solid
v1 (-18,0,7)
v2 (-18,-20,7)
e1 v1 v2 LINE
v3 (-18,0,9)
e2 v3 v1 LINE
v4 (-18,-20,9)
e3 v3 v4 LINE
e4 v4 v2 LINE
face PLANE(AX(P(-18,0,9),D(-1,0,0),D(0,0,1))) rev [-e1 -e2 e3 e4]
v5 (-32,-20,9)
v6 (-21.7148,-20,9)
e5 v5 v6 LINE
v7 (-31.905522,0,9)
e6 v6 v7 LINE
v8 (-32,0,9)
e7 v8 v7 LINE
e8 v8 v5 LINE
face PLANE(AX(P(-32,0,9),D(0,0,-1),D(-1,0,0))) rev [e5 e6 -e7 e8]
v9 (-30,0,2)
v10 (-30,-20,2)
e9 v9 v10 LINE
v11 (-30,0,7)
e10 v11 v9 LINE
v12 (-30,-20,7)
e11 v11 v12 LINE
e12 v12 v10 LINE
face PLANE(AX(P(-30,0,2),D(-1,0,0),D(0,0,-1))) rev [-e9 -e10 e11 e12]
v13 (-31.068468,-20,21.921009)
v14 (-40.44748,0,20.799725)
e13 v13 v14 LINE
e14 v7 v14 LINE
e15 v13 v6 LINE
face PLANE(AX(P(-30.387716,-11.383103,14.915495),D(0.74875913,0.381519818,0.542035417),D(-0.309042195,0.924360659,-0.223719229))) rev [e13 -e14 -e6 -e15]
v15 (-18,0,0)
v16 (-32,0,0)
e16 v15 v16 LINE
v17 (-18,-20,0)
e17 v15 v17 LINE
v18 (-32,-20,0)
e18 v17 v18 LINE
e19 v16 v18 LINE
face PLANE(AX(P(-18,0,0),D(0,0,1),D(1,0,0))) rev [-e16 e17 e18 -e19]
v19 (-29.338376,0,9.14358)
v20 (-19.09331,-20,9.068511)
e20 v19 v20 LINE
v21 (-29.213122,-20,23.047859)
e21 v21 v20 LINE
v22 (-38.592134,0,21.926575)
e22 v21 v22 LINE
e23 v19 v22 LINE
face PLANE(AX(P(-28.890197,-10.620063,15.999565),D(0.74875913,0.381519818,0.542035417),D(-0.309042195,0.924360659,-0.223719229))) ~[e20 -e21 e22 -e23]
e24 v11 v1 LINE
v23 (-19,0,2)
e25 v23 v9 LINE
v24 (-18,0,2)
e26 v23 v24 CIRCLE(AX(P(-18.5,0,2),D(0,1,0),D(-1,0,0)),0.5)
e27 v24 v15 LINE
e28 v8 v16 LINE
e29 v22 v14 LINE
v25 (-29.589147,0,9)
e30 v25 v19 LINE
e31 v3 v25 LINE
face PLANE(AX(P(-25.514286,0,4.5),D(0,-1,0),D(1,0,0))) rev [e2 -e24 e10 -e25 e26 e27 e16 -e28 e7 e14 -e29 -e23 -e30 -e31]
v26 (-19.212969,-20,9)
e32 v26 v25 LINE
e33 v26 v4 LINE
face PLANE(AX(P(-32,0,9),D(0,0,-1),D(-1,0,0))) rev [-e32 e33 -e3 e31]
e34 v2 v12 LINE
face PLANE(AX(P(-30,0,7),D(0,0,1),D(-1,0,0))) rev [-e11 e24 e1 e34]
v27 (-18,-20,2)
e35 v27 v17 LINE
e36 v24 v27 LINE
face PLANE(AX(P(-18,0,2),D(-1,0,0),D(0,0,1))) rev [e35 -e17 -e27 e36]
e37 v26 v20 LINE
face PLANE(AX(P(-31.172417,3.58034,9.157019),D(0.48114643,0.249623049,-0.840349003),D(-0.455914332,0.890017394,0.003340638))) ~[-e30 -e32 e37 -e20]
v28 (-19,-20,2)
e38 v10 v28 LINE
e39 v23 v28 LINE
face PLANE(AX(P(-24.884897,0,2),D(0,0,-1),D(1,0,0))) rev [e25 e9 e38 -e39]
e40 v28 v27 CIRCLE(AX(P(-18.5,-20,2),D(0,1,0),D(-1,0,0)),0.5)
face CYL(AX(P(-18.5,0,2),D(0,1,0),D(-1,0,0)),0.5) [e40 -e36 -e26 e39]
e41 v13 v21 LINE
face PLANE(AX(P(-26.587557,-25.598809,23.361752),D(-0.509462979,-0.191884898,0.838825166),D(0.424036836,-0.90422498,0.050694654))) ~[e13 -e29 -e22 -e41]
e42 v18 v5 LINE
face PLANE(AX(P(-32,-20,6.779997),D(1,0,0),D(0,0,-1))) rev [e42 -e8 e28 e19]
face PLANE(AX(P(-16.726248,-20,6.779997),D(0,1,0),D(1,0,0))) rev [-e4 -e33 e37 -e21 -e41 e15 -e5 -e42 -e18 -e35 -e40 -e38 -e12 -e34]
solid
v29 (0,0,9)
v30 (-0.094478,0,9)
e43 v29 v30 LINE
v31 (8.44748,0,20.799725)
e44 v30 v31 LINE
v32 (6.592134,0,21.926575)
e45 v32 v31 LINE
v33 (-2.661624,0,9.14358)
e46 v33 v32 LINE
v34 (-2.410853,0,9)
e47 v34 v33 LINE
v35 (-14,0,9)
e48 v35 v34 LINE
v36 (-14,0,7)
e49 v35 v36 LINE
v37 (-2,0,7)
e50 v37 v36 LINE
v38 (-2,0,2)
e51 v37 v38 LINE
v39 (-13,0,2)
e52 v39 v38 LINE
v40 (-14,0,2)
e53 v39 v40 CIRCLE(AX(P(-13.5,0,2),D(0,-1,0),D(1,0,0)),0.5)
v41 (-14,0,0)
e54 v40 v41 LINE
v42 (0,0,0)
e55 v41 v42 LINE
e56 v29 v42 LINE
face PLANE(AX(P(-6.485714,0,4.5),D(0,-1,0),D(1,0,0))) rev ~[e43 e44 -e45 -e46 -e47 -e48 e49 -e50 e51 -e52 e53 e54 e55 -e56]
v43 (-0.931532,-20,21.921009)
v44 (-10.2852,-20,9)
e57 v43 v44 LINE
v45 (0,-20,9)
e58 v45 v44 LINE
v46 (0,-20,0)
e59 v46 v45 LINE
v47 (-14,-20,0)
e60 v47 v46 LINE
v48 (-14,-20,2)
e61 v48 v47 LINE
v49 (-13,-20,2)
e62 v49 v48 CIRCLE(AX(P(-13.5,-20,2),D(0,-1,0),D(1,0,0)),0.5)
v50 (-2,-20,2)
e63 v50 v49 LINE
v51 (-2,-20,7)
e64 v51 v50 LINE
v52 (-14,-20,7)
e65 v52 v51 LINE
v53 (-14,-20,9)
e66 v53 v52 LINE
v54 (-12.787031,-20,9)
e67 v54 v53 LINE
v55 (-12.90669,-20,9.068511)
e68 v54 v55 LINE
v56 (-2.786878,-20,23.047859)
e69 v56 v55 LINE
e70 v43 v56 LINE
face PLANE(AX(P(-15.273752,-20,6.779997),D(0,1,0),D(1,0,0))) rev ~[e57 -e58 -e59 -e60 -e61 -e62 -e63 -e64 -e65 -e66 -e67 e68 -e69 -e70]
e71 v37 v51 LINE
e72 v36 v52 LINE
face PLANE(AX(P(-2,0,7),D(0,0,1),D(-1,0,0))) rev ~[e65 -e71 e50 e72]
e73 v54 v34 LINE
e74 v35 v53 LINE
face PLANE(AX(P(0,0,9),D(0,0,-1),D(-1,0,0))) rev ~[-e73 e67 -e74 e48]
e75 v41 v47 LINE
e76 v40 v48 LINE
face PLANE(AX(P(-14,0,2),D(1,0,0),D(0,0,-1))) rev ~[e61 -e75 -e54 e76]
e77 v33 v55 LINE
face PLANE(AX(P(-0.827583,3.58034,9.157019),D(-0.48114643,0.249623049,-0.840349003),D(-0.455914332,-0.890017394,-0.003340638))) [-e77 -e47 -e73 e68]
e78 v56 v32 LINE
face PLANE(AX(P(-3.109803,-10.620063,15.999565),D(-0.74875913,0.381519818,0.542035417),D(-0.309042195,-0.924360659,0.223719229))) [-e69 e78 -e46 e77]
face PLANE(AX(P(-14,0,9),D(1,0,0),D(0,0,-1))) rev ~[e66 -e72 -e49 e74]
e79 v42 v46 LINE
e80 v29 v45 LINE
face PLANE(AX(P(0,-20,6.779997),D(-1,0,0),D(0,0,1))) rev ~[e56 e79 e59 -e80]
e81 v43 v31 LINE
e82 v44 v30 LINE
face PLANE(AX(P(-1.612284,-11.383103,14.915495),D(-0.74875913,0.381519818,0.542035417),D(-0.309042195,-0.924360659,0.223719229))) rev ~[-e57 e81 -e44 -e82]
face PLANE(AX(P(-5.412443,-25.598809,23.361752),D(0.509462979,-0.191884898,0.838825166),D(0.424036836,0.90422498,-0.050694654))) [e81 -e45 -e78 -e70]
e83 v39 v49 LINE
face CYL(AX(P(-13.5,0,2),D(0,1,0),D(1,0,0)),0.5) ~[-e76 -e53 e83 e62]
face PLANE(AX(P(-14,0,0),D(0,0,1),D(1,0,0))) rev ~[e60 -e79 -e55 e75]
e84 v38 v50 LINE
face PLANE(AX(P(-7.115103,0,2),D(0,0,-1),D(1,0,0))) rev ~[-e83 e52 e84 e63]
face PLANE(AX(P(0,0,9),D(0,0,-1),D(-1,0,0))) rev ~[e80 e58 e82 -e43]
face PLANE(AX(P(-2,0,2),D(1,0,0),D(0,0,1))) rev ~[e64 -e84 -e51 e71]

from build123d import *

# Parameters (mm, degrees)
F1_DEPTH  = 20
F6_DEPTH  = 2
F8_DEPTH  = 25
F9_DEPTH  = 25
F10_W     = 12.9626411945
F10_H     = 6.1243779492
F11_DEPTH = 25
F12_DEPTH = 25


with BuildPart() as f1:
    # F0 (on Front) → F1 (new body)
    with BuildSketch(Plane.XZ):
        Polygon((-14, 0), (0, 0), (0, 9), (-14, 9), (-14, 7), (-2, 7), (-2, 2), (-13, 2), (-14, 2), align=None)
        with BuildLine():
            ThreePointArc((-13, 2), (-13.5, 2.5), (-14, 2))
            Line((-14, 2), (-13, 2))
        make_face()
    extrude(amount=F1_DEPTH)

    # F5 (on 3pt) → F6 (join)
    with BuildSketch(Plane(origin=(-5.2031719048, 2.651203998, 3.7666364803), x_dir=(-0.3090421951, -0.9243606592, 0.2237192288), z_dir=(-0.74875913, 0.3815198182, 0.5420354172))):
        Polygon((-1.0051657446, 6.932166405), (27.787854895, -1.1434078915), (30.5616781116, 15.7499015331), (-1.0051657446, 22.4486775696), align=None)
    extrude(amount=-F6_DEPTH)

    # F7 (on face) → F8 (join)
    with BuildSketch(Plane.XZ.offset(20)):
        Polygon((0, 9), (0, 9.8367398605), (-15.273751691, 9.8367398605), (-15.273751691, 6.7799971439), (-2, 6.7799971439), (-2, 7), (-14, 7), (-14, 9), align=None)
        Polygon((0, 6.7799971439), (0, 9), (-14, 9), (-14, 7), (-2, 7), (-2, 6.7799971439), align=None)
    extrude(amount=F8_DEPTH)

    # F9 (cut): a face of the model
    f9_faces = [f1.faces().sort_by_distance(p)[0] for p in [
        (-7.6368758455, -32.5, 6.7799971439),
    ]]
    extrude(f9_faces, amount=-F9_DEPTH, mode=Mode.SUBTRACT)

    # F10 (on face) → F11 (join)
    with BuildSketch(Plane(origin=(0, 0, 0), x_dir=(-1, 0, 0), z_dir=(0, 1, 0))):
        Polygon((7.1151028387, 7), (7.1151028387, 8.1046763808), (0.8471209144, 8.1046763808), (0.7732363719, 8.0623733808), (0.7426127396, 8.1046763808), (0, 8.1046763808), (0, 1.9802984316), (7.1151028387, 1.9802984316), (7.1151028387, 2), (2, 2), (2, 7), align=None)
        with Locations((-6.4813205972, 5.0424874062)):
            Rectangle(F10_W, F10_H)
    extrude(amount=F11_DEPTH)

    # F12 (cut): a face of the model
    f12_faces = [f1.faces().sort_by_distance(p)[0] for p in [
        (2.9237691779, 12.5, 1.9802984316),
    ]]
    extrude(f12_faces, amount=-F12_DEPTH, mode=Mode.SUBTRACT)


with BuildPart() as f14_1:
    # F14: instance of F1
    add(f1.part.mirror(Plane(origin=(-16, -10, 8), x_dir=(0, -1, 0), z_dir=(-1, 0, 0))))


solid = Compound([f1.part, f14_1.part])
